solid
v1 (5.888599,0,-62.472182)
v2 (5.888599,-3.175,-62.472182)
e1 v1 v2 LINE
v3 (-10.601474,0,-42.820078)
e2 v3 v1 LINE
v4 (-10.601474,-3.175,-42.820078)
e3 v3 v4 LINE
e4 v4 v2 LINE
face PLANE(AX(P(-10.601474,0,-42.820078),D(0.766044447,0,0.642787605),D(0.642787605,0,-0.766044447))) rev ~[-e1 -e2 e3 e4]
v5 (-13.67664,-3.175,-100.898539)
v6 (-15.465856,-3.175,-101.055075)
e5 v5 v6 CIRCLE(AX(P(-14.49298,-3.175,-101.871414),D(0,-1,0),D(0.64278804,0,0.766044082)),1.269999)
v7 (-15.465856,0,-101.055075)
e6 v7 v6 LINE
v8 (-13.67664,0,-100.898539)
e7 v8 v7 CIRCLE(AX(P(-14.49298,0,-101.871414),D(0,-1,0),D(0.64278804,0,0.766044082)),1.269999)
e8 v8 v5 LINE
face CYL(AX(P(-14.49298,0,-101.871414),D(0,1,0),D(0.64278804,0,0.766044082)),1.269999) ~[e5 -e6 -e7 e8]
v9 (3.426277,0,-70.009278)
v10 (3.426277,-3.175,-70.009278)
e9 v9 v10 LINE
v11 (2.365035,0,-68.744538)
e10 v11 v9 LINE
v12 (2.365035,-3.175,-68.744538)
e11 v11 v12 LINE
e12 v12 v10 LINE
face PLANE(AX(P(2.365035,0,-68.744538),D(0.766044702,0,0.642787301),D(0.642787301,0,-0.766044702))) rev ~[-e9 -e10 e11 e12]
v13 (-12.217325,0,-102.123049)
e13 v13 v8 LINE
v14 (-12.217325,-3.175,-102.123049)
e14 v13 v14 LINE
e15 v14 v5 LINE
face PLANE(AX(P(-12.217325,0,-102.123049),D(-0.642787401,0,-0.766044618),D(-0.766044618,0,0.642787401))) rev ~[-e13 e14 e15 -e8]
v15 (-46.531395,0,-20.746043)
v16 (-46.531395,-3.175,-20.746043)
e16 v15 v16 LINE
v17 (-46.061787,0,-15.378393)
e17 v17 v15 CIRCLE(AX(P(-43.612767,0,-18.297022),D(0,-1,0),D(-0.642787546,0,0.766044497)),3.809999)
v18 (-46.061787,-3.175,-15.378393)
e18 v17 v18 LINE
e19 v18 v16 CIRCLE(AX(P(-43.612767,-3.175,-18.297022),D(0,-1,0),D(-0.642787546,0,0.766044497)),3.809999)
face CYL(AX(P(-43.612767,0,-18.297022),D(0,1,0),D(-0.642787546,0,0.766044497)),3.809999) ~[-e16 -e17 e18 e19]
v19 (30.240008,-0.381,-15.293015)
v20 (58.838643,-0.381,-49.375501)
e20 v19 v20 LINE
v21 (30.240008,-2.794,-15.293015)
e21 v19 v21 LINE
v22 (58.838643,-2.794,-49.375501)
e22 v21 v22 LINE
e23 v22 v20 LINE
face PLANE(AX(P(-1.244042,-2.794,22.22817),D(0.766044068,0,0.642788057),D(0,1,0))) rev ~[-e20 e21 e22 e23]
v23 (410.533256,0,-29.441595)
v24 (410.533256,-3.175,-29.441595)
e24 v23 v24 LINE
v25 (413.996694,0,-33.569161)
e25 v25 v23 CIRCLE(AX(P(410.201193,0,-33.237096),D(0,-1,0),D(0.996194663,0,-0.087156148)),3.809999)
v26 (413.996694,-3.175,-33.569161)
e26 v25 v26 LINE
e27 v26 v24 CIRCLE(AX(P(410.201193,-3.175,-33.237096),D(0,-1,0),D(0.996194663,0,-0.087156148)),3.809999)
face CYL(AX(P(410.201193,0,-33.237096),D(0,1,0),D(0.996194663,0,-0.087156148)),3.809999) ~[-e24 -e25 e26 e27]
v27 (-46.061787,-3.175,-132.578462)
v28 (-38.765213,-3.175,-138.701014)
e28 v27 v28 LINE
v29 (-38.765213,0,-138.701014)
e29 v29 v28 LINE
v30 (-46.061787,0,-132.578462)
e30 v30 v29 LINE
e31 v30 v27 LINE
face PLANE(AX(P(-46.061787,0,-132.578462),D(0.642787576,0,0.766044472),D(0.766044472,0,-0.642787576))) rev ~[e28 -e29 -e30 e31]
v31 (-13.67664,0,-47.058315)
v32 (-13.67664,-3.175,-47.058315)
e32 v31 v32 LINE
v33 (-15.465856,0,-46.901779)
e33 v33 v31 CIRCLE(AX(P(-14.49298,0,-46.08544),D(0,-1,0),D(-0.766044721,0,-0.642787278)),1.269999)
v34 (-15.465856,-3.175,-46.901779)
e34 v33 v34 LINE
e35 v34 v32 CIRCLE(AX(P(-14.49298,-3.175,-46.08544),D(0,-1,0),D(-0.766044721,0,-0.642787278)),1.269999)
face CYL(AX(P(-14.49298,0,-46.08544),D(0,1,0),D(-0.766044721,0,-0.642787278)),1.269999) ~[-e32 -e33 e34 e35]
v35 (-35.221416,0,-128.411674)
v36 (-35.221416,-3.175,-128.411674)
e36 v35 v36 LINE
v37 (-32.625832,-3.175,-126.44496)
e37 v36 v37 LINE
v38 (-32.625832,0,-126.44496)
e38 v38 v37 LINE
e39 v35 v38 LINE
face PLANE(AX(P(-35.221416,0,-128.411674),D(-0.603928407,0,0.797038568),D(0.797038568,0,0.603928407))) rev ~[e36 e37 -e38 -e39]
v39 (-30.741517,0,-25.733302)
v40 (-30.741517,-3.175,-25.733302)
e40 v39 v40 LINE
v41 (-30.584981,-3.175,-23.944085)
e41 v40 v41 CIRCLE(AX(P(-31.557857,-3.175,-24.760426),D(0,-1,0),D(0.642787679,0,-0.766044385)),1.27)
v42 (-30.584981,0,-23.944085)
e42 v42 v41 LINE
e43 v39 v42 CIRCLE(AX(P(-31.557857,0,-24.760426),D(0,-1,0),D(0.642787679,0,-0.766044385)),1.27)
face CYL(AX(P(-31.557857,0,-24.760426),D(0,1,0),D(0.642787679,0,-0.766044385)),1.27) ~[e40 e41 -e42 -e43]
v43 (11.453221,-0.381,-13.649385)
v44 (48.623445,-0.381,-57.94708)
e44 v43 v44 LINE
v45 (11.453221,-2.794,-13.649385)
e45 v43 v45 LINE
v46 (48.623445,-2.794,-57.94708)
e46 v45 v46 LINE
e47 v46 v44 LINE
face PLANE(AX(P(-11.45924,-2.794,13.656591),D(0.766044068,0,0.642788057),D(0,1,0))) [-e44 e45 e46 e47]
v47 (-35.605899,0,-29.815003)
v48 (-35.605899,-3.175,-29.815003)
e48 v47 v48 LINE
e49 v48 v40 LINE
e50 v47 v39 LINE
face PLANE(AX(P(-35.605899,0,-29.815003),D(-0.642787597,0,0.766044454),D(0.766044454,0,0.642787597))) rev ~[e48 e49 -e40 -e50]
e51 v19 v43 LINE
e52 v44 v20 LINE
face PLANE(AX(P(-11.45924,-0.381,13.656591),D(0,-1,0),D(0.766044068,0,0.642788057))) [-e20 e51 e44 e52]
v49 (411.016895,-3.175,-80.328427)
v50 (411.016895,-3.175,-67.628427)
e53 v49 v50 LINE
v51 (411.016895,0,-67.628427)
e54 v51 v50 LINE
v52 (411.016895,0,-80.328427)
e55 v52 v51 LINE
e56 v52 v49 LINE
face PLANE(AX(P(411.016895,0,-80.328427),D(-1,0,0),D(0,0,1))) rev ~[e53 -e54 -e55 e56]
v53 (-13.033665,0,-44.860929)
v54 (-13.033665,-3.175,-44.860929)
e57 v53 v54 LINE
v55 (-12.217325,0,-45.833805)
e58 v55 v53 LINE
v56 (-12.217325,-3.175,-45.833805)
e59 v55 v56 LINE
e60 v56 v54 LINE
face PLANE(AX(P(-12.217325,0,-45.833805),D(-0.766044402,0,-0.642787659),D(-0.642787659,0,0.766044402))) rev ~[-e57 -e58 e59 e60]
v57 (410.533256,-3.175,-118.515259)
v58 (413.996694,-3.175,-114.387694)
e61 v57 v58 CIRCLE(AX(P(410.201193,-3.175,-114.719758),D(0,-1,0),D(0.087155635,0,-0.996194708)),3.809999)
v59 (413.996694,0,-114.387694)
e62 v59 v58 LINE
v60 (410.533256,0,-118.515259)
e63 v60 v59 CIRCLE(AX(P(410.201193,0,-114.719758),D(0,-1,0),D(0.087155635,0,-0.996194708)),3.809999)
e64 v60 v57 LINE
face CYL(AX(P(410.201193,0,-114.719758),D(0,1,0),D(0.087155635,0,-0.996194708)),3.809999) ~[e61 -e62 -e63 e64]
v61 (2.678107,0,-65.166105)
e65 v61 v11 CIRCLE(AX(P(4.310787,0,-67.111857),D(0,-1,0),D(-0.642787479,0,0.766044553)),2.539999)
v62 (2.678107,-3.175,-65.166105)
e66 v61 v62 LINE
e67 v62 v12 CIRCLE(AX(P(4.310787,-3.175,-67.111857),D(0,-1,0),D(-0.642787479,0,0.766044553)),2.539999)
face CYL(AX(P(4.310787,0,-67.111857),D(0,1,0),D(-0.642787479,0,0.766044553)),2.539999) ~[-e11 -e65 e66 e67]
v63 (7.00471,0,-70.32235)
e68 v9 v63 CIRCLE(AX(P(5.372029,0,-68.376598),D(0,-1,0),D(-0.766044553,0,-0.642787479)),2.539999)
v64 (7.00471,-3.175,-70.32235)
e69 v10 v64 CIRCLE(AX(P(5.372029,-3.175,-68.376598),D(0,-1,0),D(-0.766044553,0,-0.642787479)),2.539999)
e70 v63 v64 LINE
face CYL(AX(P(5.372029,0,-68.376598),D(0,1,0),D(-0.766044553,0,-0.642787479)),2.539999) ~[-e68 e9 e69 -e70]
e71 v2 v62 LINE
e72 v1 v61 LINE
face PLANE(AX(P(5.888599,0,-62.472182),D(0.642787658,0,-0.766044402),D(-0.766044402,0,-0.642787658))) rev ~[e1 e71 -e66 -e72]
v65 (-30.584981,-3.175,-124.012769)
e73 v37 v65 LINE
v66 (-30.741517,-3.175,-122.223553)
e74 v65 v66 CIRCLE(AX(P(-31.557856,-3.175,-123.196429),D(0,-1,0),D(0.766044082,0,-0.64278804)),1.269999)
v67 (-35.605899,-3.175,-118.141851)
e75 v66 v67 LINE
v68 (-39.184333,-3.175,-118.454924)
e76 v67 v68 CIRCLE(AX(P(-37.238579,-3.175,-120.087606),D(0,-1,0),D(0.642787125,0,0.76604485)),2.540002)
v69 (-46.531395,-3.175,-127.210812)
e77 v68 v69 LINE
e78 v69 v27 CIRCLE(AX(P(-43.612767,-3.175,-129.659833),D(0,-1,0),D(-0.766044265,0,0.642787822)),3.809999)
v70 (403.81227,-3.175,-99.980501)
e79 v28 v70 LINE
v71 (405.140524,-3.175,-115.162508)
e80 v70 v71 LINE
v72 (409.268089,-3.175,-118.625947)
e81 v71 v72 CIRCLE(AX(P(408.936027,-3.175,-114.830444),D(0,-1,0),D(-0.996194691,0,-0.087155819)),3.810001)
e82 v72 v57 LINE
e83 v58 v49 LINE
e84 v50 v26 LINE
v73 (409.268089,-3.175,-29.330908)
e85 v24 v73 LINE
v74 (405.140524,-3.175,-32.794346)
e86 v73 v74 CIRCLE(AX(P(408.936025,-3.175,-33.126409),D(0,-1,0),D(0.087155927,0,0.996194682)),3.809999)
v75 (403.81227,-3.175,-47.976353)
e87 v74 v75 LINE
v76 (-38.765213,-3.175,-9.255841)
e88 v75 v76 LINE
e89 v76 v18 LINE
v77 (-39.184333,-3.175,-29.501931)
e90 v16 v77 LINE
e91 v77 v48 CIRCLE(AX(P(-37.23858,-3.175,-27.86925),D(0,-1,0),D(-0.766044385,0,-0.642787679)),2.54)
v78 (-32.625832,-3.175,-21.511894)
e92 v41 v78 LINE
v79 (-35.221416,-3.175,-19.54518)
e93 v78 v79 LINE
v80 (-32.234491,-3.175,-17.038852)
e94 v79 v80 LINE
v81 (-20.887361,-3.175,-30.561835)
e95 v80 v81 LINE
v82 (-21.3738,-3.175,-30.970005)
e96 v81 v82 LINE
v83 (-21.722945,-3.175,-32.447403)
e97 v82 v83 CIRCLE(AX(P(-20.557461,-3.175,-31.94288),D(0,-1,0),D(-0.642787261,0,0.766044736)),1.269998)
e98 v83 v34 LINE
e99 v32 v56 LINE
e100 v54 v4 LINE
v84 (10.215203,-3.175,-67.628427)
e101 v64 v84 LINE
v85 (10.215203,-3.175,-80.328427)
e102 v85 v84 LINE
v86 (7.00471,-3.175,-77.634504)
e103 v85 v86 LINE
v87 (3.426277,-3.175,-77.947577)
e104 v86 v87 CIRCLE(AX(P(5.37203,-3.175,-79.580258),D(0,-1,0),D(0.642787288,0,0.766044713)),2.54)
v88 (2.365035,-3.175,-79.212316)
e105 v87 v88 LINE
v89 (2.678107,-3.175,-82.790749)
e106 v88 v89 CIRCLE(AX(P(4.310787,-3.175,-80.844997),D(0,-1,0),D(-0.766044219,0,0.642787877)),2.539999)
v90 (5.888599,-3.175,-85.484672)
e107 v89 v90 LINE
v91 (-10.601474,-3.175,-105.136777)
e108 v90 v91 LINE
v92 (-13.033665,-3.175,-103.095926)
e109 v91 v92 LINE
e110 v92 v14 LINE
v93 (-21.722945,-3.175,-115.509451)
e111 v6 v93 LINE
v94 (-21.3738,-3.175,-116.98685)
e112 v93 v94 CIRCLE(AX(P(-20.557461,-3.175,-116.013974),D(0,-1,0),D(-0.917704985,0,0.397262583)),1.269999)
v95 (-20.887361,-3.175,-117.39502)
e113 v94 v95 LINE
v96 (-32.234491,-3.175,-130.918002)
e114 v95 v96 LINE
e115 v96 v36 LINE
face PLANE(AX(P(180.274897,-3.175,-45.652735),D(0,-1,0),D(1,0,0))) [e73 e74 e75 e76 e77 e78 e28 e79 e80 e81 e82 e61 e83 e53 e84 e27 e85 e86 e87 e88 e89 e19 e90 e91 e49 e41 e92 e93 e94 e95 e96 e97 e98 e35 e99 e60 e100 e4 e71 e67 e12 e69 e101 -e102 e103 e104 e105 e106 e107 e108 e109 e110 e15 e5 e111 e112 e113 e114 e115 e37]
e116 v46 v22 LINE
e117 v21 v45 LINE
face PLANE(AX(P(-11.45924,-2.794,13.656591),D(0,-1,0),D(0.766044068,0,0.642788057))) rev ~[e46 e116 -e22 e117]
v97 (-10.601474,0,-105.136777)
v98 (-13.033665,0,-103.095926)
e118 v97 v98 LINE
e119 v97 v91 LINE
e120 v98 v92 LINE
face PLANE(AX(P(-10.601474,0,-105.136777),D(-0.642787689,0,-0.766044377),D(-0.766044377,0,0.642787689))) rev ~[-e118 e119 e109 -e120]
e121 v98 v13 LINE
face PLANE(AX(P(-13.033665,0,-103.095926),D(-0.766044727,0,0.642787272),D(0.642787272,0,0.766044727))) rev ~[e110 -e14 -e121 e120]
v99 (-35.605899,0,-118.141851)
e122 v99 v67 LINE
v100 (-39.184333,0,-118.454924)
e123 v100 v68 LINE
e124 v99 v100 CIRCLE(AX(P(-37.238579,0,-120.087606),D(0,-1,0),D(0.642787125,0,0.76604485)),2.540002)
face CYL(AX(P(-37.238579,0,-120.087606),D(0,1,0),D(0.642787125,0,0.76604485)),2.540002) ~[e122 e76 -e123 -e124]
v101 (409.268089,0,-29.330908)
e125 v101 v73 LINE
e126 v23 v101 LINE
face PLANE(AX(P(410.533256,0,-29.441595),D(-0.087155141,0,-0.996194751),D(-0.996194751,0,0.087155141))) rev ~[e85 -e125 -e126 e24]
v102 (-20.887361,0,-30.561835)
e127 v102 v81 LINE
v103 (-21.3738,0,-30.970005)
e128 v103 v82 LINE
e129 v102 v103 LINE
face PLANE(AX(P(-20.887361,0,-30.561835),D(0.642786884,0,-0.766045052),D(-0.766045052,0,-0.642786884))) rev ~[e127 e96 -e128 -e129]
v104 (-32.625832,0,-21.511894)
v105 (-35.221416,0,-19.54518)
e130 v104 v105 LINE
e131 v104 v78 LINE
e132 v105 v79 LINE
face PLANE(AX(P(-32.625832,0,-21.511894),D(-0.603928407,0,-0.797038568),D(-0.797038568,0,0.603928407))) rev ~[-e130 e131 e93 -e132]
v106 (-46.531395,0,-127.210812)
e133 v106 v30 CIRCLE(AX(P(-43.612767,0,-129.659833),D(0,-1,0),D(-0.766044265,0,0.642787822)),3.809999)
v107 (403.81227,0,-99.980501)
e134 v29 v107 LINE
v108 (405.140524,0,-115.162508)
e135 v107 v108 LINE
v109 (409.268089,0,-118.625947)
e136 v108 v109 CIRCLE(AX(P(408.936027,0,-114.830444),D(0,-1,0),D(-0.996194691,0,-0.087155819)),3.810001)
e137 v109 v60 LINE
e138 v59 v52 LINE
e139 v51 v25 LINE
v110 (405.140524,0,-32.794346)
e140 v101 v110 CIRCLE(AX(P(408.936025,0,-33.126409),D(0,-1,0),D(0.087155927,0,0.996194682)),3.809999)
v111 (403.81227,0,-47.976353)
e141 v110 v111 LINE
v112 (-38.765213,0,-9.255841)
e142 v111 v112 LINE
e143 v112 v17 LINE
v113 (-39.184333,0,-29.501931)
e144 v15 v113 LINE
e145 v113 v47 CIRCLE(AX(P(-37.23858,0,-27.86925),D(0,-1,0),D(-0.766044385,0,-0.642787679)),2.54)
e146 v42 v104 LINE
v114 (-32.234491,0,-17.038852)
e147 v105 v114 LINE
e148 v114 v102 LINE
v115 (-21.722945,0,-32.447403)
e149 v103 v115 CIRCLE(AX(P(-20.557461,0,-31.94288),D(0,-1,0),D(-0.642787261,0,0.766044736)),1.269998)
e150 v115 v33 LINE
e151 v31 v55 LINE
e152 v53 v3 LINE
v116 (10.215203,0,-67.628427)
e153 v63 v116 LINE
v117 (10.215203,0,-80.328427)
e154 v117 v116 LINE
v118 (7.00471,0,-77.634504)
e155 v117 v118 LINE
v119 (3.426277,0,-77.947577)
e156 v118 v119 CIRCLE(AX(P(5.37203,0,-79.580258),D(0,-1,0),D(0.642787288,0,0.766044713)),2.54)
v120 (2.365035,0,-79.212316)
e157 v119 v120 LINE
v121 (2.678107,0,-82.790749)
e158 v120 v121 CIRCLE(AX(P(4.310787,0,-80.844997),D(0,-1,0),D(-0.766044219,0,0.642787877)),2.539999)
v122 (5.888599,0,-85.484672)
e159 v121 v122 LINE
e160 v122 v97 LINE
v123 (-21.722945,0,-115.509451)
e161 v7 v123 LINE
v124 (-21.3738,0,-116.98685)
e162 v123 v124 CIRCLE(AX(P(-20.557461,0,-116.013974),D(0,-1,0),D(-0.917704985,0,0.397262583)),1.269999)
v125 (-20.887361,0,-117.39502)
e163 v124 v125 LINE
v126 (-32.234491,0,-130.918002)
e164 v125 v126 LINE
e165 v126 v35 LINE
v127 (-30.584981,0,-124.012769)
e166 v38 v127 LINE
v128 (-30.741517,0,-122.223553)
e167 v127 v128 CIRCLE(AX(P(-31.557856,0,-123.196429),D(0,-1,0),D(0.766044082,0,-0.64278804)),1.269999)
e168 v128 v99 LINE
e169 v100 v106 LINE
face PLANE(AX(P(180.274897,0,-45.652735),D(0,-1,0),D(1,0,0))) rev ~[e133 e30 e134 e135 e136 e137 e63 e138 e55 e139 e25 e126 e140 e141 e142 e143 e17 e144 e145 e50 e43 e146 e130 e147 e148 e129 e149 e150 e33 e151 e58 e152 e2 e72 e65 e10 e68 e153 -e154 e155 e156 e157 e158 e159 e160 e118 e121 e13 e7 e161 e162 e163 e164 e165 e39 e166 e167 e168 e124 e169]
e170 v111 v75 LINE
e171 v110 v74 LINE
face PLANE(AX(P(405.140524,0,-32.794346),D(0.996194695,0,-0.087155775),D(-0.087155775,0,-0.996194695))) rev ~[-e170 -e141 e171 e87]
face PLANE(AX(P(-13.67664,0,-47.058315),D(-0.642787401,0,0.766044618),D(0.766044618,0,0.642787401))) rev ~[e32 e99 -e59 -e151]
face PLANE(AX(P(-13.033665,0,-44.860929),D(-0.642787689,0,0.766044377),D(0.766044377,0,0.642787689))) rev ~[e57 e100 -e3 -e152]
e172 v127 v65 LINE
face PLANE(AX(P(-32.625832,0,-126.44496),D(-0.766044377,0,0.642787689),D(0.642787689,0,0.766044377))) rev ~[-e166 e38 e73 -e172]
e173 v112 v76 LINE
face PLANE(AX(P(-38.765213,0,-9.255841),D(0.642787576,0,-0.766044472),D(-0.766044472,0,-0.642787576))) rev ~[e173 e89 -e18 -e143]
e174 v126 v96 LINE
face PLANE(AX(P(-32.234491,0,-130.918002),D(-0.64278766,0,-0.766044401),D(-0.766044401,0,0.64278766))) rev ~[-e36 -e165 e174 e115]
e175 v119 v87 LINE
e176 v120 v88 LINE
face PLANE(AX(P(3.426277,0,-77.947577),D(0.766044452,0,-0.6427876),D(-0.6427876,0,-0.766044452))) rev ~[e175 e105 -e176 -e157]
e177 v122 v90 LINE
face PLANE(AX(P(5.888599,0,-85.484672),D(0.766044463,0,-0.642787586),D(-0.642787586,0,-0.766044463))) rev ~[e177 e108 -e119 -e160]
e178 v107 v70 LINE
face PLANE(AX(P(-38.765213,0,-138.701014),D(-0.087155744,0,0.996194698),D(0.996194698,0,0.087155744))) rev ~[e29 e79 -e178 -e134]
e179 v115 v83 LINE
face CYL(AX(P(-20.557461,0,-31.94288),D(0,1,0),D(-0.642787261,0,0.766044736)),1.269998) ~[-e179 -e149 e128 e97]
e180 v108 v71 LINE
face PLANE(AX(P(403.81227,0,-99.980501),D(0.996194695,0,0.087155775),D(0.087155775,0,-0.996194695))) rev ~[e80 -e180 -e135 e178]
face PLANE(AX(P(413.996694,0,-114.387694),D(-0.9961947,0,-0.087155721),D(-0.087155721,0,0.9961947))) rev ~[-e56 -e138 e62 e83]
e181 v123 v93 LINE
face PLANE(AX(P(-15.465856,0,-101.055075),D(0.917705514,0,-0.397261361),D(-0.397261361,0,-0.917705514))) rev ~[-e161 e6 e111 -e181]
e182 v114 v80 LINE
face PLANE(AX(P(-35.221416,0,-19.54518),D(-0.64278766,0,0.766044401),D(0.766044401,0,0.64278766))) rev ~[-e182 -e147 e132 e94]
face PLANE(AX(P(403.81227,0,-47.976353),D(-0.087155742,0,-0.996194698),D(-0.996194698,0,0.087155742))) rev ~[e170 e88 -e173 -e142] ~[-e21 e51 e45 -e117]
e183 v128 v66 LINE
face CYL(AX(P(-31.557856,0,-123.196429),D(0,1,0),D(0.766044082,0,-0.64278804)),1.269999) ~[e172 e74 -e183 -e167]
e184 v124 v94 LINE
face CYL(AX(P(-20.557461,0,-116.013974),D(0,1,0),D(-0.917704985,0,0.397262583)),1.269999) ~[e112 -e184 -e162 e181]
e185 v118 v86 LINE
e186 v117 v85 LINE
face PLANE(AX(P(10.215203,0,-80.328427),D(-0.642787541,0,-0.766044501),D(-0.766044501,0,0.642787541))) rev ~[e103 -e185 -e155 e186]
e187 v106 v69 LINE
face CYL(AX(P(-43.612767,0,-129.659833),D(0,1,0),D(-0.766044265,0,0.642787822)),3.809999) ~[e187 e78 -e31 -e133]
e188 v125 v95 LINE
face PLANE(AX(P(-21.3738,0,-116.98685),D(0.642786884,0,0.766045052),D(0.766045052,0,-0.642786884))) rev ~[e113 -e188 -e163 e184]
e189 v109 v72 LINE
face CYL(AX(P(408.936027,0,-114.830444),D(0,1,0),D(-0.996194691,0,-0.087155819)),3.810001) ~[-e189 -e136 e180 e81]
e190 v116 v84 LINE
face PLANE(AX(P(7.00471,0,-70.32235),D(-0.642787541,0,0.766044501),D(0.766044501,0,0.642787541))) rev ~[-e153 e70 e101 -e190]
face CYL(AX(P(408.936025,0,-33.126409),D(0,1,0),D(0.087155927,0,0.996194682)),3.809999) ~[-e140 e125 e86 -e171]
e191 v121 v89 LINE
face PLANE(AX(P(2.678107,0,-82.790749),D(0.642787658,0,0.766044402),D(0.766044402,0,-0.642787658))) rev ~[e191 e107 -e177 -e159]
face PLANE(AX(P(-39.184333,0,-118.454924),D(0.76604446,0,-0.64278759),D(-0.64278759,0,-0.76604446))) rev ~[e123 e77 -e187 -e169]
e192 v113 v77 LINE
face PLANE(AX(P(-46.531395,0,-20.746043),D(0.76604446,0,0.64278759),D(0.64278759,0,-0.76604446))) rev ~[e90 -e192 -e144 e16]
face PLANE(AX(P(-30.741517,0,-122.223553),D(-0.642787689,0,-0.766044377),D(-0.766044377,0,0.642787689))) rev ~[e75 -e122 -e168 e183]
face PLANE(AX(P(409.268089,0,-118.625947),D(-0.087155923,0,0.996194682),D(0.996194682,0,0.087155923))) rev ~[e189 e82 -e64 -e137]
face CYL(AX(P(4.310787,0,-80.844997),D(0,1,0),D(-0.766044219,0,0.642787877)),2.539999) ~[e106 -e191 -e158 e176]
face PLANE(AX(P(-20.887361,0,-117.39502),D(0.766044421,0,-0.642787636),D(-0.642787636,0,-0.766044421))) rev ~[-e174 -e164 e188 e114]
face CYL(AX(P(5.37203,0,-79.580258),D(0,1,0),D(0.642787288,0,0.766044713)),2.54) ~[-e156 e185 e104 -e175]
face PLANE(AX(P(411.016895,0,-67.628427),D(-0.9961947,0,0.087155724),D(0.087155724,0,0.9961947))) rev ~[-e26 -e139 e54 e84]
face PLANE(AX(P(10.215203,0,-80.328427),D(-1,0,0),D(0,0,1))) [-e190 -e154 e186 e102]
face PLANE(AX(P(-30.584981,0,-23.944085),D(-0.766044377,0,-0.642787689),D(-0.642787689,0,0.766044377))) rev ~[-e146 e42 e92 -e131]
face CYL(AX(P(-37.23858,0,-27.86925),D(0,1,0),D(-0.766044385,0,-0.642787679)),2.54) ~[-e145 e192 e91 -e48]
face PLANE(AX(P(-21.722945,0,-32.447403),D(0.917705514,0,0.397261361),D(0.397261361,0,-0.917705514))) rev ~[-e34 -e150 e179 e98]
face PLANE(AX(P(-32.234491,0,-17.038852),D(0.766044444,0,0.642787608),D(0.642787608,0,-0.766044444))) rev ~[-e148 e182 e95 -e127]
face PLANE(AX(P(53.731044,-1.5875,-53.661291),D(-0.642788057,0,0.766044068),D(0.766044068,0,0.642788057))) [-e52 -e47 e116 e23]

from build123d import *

# Parameters (mm, degrees)
F0_W     = 400.801692
F0_H     = 12.7
F1_DEPTH = 3.175
F2_W     = 13.335
F2_H     = 2.413
F3_DEPTH = 93.472


with BuildPart() as f1:
    # F0 (on Front) → F1 (new body)
    with BuildSketch(Plane.XZ):
        with BuildLine():
            ThreePointArc((-46.061787, -15.378393), (-47.408268, -17.964959), (-46.531395, -20.746043))
            Line((-46.531395, -20.746043), (-39.184333, -29.501931))
            ThreePointArc((-39.184333, -29.501931), (-37.459955, -30.399585), (-35.605899, -29.815003))
            Line((-35.605899, -29.815003), (-30.741517, -25.733302))
            ThreePointArc((-30.741517, -25.733302), (-30.29269, -24.871113), (-30.584981, -23.944085))
            Line((-30.584981, -23.944085), (-32.625832, -21.511894))
            Line((-32.625832, -21.511894), (-35.221416, -19.54518))
            Line((-35.221416, -19.54518), (-32.234491, -17.038852))
            Line((-32.234491, -17.038852), (-20.887361, -30.561835))
            Line((-20.887361, -30.561835), (-21.3738, -30.970005))
            ThreePointArc((-21.3738, -30.970005), (-21.793415, -31.650795), (-21.722945, -32.447403))
            Line((-21.722945, -32.447403), (-15.465856, -46.901779))
            ThreePointArc((-15.465856, -46.901779), (-14.603668, -47.350606), (-13.67664, -47.058315))
            Line((-13.67664, -47.058315), (-12.217325, -45.833805))
            Line((-12.217325, -45.833805), (-13.033665, -44.860929))
            Line((-13.033665, -44.860929), (-10.601474, -42.820078))
            Line((-10.601474, -42.820078), (5.888599, -62.472182))
            Line((5.888599, -62.472182), (2.678107, -65.166105))
            ThreePointArc((2.678107, -65.166105), (1.780453, -66.890482), (2.365035, -68.744538))
            Line((2.365035, -68.744538), (3.426277, -70.009278))
            ThreePointArc((3.426277, -70.009278), (5.150654, -70.906932), (7.00471, -70.32235))
            Line((7.00471, -70.32235), (10.215203, -67.628427))
            Line((10.215203, -67.628427), (411.016895, -67.628427))
            Line((411.016895, -67.628427), (413.996694, -33.569161))
            ThreePointArc((413.996694, -33.569161), (413.119822, -30.788076), (410.533256, -29.441595))
            Line((410.533256, -29.441595), (409.268089, -29.330908))
            ThreePointArc((409.268089, -29.330908), (406.487005, -30.20778), (405.140524, -32.794346))
            Line((405.140524, -32.794346), (403.81227, -47.976353))
            Line((403.81227, -47.976353), (-38.765213, -9.255841))
            Line((-38.765213, -9.255841), (-46.061787, -15.378393))
        make_face()
        with Locations((210.616049, -73.978427)):
            Rectangle(F0_W, F0_H)
        with BuildLine():
            Line((413.996694, -114.387694), (411.016895, -80.328427))
            Line((411.016895, -80.328427), (10.215203, -80.328427))
            Line((10.215203, -80.328427), (7.00471, -77.634504))
            ThreePointArc((7.00471, -77.634504), (5.150654, -77.049923), (3.426277, -77.947577))
            Line((3.426277, -77.947577), (2.365035, -79.212316))
            ThreePointArc((2.365035, -79.212316), (1.780453, -81.066372), (2.678107, -82.790749))
            Line((2.678107, -82.790749), (5.888599, -85.484672))
            Line((5.888599, -85.484672), (-10.601474, -105.136777))
            Line((-10.601474, -105.136777), (-13.033665, -103.095926))
            Line((-13.033665, -103.095926), (-12.217325, -102.123049))
            Line((-12.217325, -102.123049), (-13.67664, -100.898539))
            ThreePointArc((-13.67664, -100.898539), (-14.603668, -100.606248), (-15.465856, -101.055075))
            Line((-15.465856, -101.055075), (-21.722945, -115.509451))
            ThreePointArc((-21.722945, -115.509451), (-21.793415, -116.30606), (-21.3738, -116.98685))
            Line((-21.3738, -116.98685), (-20.887361, -117.39502))
            Line((-20.887361, -117.39502), (-32.234491, -130.918002))
            Line((-32.234491, -130.918002), (-35.221416, -128.411674))
            Line((-35.221416, -128.411674), (-32.625832, -126.44496))
            Line((-32.625832, -126.44496), (-30.584981, -124.012769))
            ThreePointArc((-30.584981, -124.012769), (-30.29269, -123.085741), (-30.741517, -122.223553))
            Line((-30.741517, -122.223553), (-35.605899, -118.141851))
            ThreePointArc((-35.605899, -118.141851), (-37.459955, -117.55727), (-39.184333, -118.454924))
            Line((-39.184333, -118.454924), (-46.531395, -127.210812))
            ThreePointArc((-46.531395, -127.210812), (-47.408268, -129.991896), (-46.061787, -132.578462))
            Line((-46.061787, -132.578462), (-38.765213, -138.701014))
            Line((-38.765213, -138.701014), (403.81227, -99.980501))
            Line((403.81227, -99.980501), (405.140524, -115.162508))
            ThreePointArc((405.140524, -115.162508), (406.487005, -117.749074), (409.268089, -118.625947))
            Line((409.268089, -118.625947), (410.533256, -118.515259))
            ThreePointArc((410.533256, -118.515259), (413.119822, -117.168778), (413.996694, -114.387694))
        make_face()
    extrude(amount=F1_DEPTH)

    # F2 (on face) → F3 (cut)
    with BuildSketch(Plane(origin=(-11.45924, 0, 13.656591), x_dir=(0.766044, 0, 0.642788), z_dir=(-0.642788, 0, 0.766044))):
        with Locations((6.6675, -1.5875)):
            Rectangle(F2_W, F2_H)
    extrude(amount=-F3_DEPTH, mode=Mode.SUBTRACT)


solid = f1.part
